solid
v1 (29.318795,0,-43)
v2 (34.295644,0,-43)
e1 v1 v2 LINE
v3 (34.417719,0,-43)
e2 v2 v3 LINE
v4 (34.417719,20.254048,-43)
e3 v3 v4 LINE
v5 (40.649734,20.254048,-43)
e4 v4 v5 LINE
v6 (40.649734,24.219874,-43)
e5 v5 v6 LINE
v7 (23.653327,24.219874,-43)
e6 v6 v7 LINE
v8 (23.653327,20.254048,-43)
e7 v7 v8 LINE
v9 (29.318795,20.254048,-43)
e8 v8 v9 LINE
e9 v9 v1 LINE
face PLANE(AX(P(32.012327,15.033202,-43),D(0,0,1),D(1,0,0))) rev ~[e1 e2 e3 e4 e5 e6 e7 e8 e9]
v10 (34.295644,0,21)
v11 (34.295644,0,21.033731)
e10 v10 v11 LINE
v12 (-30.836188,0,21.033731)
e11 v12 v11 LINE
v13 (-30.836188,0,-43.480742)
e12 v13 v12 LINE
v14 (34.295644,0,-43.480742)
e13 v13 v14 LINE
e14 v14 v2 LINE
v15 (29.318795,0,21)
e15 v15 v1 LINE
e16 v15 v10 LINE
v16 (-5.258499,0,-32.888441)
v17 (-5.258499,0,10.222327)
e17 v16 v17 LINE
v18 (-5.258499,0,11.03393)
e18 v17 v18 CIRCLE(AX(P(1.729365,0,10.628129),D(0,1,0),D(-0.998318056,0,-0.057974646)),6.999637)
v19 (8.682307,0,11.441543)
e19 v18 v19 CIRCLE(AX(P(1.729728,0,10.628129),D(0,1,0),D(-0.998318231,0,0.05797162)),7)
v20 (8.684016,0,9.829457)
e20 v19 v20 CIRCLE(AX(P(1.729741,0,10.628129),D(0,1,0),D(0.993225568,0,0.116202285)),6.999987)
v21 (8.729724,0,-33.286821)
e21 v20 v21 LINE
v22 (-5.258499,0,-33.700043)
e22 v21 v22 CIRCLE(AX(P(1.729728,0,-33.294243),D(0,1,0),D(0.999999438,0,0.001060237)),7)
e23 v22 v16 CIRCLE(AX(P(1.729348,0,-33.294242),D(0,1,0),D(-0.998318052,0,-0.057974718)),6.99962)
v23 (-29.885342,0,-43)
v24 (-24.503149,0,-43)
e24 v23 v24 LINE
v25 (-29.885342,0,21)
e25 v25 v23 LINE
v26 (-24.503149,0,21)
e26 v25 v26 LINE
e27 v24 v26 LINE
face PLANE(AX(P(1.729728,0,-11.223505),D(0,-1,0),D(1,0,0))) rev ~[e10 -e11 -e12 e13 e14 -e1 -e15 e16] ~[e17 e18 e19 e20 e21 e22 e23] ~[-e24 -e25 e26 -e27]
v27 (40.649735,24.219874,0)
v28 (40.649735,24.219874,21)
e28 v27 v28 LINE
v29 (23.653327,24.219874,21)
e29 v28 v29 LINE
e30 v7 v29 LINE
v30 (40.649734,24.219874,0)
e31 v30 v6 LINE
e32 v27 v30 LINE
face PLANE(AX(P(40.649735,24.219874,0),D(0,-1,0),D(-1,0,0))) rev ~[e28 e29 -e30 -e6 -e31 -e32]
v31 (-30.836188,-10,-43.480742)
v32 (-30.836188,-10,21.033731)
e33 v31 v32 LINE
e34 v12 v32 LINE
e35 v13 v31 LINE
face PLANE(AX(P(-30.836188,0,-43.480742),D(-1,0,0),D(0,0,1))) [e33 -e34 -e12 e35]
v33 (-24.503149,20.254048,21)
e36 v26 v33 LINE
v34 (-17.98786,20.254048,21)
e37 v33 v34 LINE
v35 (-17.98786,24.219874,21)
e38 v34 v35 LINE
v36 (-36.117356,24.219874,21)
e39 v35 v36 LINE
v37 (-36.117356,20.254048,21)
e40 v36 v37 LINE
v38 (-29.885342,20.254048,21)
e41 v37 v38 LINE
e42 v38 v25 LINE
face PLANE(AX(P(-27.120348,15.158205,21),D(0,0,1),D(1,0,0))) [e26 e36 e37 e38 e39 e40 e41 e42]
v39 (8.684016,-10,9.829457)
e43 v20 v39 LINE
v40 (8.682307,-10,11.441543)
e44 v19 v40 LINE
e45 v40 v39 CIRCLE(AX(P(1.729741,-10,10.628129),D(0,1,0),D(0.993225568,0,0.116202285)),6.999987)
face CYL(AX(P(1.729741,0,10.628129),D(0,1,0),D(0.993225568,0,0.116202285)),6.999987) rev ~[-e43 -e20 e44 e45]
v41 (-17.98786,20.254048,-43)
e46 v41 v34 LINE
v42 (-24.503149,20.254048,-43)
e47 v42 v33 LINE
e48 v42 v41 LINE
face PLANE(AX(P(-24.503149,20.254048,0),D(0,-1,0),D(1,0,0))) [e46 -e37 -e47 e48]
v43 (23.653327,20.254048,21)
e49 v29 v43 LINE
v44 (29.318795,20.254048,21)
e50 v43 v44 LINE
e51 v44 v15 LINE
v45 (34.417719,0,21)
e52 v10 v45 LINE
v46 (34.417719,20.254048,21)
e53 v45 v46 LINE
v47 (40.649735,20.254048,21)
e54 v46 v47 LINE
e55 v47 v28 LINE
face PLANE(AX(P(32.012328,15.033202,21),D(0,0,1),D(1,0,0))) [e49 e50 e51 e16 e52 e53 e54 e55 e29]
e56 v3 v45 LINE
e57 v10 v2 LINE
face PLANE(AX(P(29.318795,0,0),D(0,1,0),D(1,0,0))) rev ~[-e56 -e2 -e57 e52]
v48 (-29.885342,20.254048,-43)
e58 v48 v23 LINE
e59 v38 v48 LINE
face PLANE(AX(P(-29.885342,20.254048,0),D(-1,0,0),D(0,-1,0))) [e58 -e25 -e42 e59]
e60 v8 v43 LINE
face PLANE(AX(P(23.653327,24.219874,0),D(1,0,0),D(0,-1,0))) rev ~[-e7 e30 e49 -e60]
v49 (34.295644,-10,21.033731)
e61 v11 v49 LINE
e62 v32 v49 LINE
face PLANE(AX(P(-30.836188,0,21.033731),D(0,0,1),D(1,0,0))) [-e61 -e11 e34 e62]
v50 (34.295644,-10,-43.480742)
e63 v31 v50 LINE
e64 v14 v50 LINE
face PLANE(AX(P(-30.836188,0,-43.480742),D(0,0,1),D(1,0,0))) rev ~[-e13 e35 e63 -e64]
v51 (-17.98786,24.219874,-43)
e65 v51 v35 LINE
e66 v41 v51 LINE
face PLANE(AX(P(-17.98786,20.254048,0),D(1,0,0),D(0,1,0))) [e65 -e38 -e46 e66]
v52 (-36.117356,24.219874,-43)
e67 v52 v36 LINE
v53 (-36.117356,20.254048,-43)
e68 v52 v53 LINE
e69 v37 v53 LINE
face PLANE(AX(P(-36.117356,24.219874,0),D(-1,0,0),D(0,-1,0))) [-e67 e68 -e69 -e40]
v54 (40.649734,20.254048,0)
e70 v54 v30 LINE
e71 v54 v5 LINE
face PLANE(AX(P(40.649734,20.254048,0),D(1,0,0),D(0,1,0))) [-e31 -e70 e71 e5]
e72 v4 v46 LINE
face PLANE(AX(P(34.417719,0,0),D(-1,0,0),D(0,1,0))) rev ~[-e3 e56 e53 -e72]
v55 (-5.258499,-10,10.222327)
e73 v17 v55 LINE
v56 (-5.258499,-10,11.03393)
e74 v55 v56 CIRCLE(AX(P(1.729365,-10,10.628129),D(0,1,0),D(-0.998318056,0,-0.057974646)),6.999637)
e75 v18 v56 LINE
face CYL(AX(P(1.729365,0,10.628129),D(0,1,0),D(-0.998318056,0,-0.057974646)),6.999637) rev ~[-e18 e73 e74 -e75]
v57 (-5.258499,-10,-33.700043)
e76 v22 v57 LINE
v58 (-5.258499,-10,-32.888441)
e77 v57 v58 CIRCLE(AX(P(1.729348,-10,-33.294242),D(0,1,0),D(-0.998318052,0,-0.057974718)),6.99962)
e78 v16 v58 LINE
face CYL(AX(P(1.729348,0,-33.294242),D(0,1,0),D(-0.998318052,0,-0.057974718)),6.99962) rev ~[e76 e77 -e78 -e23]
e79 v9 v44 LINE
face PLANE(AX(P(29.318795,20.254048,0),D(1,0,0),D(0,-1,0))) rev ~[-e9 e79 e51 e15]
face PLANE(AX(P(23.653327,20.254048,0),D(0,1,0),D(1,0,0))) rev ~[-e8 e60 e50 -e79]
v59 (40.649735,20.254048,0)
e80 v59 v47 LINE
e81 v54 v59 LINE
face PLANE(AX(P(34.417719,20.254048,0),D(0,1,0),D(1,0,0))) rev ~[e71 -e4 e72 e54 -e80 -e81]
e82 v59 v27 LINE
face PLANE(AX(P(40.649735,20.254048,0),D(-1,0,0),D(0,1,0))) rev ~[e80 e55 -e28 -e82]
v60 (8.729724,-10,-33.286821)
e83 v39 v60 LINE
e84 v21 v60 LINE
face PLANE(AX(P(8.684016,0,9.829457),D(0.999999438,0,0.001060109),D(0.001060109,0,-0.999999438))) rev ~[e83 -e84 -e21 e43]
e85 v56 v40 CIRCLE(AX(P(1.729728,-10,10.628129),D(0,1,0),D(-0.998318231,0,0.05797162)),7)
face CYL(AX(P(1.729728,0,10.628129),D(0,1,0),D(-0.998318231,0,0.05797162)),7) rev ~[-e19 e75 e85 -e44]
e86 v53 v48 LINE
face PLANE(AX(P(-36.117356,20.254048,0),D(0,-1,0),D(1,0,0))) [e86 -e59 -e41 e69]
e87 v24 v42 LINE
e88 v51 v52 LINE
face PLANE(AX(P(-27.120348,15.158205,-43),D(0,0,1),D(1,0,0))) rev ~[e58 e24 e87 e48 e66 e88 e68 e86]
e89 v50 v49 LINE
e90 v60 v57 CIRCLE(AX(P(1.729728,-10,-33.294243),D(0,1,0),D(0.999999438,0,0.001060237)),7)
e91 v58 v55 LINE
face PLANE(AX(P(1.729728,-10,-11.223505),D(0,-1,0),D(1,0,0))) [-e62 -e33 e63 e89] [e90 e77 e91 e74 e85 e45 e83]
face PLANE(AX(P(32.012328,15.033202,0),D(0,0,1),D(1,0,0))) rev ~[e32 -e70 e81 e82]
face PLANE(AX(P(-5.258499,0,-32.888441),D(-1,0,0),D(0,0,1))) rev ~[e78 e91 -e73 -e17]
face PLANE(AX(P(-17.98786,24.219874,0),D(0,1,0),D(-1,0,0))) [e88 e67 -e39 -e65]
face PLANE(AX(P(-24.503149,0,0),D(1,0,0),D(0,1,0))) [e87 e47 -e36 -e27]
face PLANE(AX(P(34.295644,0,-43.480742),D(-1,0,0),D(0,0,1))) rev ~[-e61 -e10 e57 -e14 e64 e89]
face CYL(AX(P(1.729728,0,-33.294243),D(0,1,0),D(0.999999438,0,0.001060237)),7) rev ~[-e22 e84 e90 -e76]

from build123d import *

# Parameters (mm, degrees)
F0_W     = 65.131832
F0_H     = 64.514473
F1_DEPTH = 10
F3_DEPTH = 43
F4_DEPTH = 21


with BuildPart() as f1:
    # F0 (on Front) → F1 (new body)
    with BuildSketch(Plane.XZ):
        with Locations((1.729728, -11.223505)):
            Rectangle(F0_W, F0_H)
        with BuildLine():
            ThreePointArc((8.682307, 11.441543), (8.729724, 10.635549), (8.684016, 9.829457))
            Line((8.684016, 9.829457), (8.729724, -33.286821))
            ThreePointArc((8.729724, -33.286821), (1.936423, -40.29119), (-5.258499, -33.700043))
            ThreePointArc((-5.258499, -33.700043), (-5.270272, -33.294242), (-5.258499, -32.888441))
            Line((-5.258499, -32.888441), (-5.258499, 10.222327))
            ThreePointArc((-5.258499, 10.222327), (-5.270272, 10.628129), (-5.258499, 11.03393))
            ThreePointArc((-5.258499, 11.03393), (1.525143, 17.625138), (8.682307, 11.441543))
        make_face(mode=Mode.SUBTRACT)
    extrude(amount=F1_DEPTH)

    # F2 (on Top) → F3 (join)
    with BuildSketch(Plane.XY):
        Polygon((-29.885342, 0), (-24.503149, 0), (-24.503149, 20.254048), (-17.98786, 20.254048), (-17.98786, 24.219874), (-36.117356, 24.219874), (-36.117356, 20.254048), (-29.885342, 20.254048), align=None)
        Polygon((29.318795, 0), (34.417719, 0), (34.417719, 20.254048), (40.649734, 20.254048), (40.649734, 24.219874), (23.653327, 24.219874), (23.653327, 20.254048), (29.318795, 20.254048), align=None)
    extrude(amount=-F3_DEPTH)

    # F3_face (on face) → F4 (join)
    with BuildSketch(Plane(origin=(31.980128, 14.909508, 0), x_dir=(1, 0, 0), z_dir=(0, 0, 1))):
        Polygon((-2.661333, -14.909508), (2.315516, -14.909508), (2.437591, -14.909508), (2.437591, 5.34454), (8.669607, 5.34454), (8.669607, 9.310366), (-8.326801, 9.310366), (-8.326801, 5.34454), (-2.661333, 5.34454), align=None)
        Polygon((-61.86547, -14.909508), (-56.483277, -14.909508), (-56.483277, 5.34454), (-49.967988, 5.34454), (-49.967988, 9.310366), (-68.097484, 9.310366), (-68.097484, 5.34454), (-61.86547, 5.34454), align=None)
    extrude(amount=F4_DEPTH)


solid = f1.part
